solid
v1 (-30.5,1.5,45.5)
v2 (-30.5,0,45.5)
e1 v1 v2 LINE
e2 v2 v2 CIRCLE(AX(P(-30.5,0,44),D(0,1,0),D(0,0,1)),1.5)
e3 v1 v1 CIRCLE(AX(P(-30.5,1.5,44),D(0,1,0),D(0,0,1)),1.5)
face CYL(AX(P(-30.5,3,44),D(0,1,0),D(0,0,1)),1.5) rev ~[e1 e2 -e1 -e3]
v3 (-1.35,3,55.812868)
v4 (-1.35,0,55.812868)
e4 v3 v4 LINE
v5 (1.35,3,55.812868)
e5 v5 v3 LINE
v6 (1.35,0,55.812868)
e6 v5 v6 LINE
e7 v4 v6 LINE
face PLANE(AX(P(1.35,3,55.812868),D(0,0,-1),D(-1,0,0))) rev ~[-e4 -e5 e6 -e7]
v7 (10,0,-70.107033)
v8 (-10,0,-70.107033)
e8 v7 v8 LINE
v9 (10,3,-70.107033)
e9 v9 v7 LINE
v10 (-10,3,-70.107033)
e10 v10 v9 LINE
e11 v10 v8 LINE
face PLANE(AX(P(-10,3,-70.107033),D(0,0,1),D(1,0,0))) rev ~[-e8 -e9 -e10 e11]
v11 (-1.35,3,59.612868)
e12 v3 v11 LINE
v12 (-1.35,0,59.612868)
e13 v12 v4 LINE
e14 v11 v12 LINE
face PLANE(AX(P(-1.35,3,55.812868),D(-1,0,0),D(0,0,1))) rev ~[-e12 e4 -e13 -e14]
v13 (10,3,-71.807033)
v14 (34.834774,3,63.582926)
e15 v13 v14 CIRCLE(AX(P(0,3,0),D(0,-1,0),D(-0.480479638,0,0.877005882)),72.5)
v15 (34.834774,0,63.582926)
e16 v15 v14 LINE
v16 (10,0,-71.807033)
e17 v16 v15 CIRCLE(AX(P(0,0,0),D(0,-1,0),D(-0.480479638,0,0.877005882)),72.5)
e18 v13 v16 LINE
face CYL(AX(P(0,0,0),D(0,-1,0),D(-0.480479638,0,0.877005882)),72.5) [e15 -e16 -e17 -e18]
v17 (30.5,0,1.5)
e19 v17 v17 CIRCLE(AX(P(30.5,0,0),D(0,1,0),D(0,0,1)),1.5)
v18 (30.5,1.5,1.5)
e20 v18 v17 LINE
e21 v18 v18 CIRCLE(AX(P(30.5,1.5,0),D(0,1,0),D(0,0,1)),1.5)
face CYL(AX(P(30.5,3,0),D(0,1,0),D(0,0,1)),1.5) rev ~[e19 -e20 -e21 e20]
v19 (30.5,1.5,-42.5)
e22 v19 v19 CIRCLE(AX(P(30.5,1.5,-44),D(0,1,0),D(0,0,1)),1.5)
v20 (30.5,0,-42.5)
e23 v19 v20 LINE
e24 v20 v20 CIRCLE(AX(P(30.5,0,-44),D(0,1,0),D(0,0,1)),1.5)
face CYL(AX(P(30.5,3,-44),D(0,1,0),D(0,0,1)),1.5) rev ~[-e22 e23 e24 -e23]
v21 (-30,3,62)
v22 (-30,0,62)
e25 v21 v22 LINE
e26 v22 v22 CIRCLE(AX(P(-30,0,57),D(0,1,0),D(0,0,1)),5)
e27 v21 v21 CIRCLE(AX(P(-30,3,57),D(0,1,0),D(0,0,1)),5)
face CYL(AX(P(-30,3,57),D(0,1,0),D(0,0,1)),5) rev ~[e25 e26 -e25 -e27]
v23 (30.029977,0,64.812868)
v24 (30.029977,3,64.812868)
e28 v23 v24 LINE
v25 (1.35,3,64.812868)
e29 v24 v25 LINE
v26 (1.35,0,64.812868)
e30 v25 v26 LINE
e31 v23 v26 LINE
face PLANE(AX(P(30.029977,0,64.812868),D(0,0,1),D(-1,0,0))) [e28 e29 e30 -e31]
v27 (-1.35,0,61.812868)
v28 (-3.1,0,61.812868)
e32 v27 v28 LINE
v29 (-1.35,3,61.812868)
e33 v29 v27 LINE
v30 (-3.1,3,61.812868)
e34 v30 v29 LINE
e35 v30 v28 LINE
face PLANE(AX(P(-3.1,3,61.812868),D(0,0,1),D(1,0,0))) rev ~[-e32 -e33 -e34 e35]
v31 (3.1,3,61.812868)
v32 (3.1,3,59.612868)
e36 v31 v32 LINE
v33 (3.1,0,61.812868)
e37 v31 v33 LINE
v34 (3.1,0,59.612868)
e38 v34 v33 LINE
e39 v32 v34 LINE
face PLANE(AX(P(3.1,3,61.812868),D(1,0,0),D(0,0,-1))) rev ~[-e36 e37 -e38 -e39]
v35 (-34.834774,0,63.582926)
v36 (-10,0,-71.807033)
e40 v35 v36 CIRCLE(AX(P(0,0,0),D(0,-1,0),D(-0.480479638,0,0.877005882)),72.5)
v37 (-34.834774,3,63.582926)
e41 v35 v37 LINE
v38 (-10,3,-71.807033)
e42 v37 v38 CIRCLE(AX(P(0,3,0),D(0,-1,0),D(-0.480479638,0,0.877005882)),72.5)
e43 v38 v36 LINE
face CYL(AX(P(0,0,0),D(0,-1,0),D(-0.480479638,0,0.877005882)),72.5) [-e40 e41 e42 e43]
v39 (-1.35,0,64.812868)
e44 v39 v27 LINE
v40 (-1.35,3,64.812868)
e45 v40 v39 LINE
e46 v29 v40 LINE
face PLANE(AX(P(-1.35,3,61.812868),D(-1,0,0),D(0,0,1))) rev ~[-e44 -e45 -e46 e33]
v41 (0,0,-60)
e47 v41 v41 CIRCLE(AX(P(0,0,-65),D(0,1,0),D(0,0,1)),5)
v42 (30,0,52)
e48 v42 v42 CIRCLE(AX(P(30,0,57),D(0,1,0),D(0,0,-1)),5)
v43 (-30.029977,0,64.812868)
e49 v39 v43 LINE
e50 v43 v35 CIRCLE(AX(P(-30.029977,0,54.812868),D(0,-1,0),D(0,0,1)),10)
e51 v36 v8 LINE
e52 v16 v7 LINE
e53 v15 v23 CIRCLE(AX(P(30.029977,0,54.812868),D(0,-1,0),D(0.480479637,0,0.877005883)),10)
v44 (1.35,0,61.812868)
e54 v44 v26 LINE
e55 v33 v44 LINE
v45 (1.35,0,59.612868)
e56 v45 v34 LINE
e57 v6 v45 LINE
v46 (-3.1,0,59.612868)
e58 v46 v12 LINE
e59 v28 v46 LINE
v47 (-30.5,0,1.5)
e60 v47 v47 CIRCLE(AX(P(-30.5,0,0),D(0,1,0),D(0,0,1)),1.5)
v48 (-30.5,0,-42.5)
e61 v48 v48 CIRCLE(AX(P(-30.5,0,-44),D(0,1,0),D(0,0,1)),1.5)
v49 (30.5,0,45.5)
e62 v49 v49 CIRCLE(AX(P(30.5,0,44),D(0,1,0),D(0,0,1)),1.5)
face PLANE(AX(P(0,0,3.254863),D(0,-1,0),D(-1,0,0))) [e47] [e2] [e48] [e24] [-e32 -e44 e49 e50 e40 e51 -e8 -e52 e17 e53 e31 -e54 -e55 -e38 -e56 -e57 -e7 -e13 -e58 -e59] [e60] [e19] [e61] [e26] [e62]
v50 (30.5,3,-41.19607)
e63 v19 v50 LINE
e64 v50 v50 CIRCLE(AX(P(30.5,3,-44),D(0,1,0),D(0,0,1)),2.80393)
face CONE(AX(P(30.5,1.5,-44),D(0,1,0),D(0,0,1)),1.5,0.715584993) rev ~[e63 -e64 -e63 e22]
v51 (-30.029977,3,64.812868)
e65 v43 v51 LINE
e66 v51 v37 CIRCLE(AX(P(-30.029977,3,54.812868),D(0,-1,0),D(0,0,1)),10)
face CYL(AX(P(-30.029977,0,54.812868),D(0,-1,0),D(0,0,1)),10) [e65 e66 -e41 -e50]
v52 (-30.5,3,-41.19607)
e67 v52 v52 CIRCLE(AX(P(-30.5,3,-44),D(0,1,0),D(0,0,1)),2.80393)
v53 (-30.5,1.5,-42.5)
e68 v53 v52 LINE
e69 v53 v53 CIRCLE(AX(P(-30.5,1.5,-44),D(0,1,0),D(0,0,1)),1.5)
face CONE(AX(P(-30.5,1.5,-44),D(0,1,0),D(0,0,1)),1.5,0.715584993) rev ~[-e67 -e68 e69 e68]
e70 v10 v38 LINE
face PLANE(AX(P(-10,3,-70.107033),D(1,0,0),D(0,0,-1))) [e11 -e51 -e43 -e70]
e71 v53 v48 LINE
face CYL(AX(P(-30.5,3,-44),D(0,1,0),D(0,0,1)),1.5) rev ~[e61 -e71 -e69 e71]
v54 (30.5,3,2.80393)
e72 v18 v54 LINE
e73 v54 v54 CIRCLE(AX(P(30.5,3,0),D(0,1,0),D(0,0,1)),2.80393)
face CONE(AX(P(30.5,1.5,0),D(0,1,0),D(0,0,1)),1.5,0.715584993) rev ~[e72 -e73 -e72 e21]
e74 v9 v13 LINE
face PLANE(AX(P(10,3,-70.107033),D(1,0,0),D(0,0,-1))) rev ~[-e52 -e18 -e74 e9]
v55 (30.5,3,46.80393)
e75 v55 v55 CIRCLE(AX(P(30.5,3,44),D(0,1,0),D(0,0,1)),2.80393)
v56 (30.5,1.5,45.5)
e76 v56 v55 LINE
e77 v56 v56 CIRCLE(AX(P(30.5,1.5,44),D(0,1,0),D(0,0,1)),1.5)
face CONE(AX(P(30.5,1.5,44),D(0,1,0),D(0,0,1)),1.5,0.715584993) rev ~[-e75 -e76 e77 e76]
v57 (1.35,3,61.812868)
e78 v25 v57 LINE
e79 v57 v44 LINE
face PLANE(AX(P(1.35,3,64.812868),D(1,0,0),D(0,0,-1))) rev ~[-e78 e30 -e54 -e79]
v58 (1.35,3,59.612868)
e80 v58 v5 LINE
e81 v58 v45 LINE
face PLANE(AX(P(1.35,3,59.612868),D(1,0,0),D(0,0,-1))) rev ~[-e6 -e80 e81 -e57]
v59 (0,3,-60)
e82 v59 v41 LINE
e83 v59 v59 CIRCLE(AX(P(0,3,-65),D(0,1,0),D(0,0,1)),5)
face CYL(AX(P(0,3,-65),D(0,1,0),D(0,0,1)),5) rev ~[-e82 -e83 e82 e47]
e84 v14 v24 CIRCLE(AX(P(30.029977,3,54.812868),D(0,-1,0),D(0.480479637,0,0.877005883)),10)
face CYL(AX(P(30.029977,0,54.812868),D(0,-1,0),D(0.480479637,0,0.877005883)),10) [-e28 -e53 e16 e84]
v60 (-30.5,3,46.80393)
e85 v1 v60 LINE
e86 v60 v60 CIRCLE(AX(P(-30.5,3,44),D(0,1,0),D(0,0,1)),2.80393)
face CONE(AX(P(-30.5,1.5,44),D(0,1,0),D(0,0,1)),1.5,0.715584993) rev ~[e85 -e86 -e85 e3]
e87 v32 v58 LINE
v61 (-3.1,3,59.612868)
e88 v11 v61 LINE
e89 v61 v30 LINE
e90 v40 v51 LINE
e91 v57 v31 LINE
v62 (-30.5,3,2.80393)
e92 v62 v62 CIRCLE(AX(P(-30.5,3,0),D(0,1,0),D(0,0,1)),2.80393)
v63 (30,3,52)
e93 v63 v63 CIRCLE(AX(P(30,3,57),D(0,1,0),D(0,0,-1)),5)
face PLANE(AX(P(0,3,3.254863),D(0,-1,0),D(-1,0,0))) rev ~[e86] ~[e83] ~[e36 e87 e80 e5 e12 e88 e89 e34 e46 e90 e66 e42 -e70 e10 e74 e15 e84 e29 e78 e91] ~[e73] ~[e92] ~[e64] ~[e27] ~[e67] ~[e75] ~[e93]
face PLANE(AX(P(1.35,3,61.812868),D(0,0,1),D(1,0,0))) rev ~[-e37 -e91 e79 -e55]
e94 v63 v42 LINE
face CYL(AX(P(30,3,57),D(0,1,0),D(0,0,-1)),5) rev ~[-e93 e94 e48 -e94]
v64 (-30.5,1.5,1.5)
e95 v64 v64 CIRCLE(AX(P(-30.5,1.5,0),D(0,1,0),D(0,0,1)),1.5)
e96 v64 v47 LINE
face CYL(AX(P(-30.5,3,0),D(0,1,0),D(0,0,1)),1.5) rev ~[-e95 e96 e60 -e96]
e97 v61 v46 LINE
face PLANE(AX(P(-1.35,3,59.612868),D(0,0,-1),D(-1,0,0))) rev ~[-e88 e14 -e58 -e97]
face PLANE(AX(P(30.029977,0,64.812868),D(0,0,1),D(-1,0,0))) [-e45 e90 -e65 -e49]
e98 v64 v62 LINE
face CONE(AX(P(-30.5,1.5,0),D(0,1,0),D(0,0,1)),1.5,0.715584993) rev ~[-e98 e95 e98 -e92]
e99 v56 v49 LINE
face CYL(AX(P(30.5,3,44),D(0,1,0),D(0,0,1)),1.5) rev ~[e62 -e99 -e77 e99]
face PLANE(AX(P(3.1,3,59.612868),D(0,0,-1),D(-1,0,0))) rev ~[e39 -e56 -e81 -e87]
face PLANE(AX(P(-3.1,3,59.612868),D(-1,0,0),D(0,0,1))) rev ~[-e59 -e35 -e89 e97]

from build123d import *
from OCP.BRepFilletAPI import BRepFilletAPI_MakeChamfer

# Parameters (mm, degrees)
BOSS_EXTRUDE1_DEPTH = 3
SKETCH2_R           = 1.5
CUT_EXTRUDE1_DEPTH  = 103.574363269
CHAMFER1_SIZE       = 1.5
CHAMFER1_SIZE2      = 1.303930107
CUT_EXTRUDE2_DEPTH  = 103.574363269
SKETCH4_W           = 20
SKETCH4_H           = 1.7
CUT_EXTRUDE3_DEPTH  = 103.574363269
SKETCH5_R           = 5
CUT_EXTRUDE4_DEPTH  = 103.085748271


with BuildPart() as part:
    # Sketch1 → Boss-Extrude1 (new body)
    with BuildSketch(Plane(origin=(0, 0, 0), x_dir=(1, 0, 0), z_dir=(0, 1, 0))):
        with BuildLine():
            Line((30.029977361, -64.812867647), (-30.029977361, -64.812867647))
            ThreePointArc((-30.029977361, -64.812867647), (-32.509837414, -64.500503794), (-34.834773739, -63.582926471))
            ThreePointArc((-34.834773739, -63.582926471), (0, 72.5), (34.834773739, -63.582926471))
            ThreePointArc((34.834773739, -63.582926471), (32.509837414, -64.500503794), (30.029977361, -64.812867647))
        make_face()
    extrude(amount=BOSS_EXTRUDE1_DEPTH)

    # Sketch2 → Cut-Extrude1 (cut, through all)
    with BuildSketch(Plane(origin=(0, 3, 0), x_dir=(1, 0, 0), z_dir=(0, 1, 0))):
        with Locations(Location((-30.5, 44, 0), (0, 0, 270))):
            Circle(SKETCH2_R)
        with Locations(Location((30.5, 44, 0), (0, 0, 270))):
            Circle(SKETCH2_R)
        with Locations(Location((30.5, 0, 0), (0, 0, 270))):
            Circle(SKETCH2_R)
        with Locations(Location((30.5, -44, 0), (0, 0, 270))):
            Circle(SKETCH2_R)
        with Locations(Location((-30.5, -44, 0), (0, 0, 270))):
            Circle(SKETCH2_R)
        with Locations(Location((-30.5, 0, 0), (0, 0, 270))):
            Circle(SKETCH2_R)
    extrude(amount=-CUT_EXTRUDE1_DEPTH, mode=Mode.SUBTRACT)

    # Chamfer1: one chamfer whose edges measure the first distance from different faces: ONE call of the kernel's chamfer builder (chamfer() names one face for all edges)
    chamfer1_edges_1 = [part.edges().sort_by_distance(p)[0] for p in [
        (-30.5, 3, -45.5),
    ]]
    chamfer1_side_1 = [part.faces().sort_by_distance(p)[0] for p in [
        (-30.5, 1.5, -45.5),
    ]]
    chamfer1_edges_2 = [part.edges().sort_by_distance(p)[0] for p in [
        (-30.5, 3, -1.5),
    ]]
    chamfer1_side_2 = [part.faces().sort_by_distance(p)[0] for p in [
        (-30.5, 1.5, -1.5),
    ]]
    chamfer1_edges_3 = [part.edges().sort_by_distance(p)[0] for p in [
        (-30.5, 3, 42.5),
    ]]
    chamfer1_side_3 = [part.faces().sort_by_distance(p)[0] for p in [
        (-30.5, 1.5, 42.5),
    ]]
    chamfer1_edges_4 = [part.edges().sort_by_distance(p)[0] for p in [
        (30.5, 3, 42.5),
    ]]
    chamfer1_side_4 = [part.faces().sort_by_distance(p)[0] for p in [
        (30.5, 1.5, 42.5),
    ]]
    chamfer1_edges_5 = [part.edges().sort_by_distance(p)[0] for p in [
        (30.5, 3, -1.5),
    ]]
    chamfer1_side_5 = [part.faces().sort_by_distance(p)[0] for p in [
        (30.5, 1.5, -1.5),
    ]]
    chamfer1_edges_6 = [part.edges().sort_by_distance(p)[0] for p in [
        (30.5, 3, -45.5),
    ]]
    chamfer1_side_6 = [part.faces().sort_by_distance(p)[0] for p in [
        (30.5, 1.5, -45.5),
    ]]
    chamfer1 = BRepFilletAPI_MakeChamfer(part.part.solid().wrapped)
    for e in chamfer1_edges_1:
        chamfer1.Add(CHAMFER1_SIZE, CHAMFER1_SIZE2, e.wrapped, chamfer1_side_1[0].wrapped)  # the first distance lies on this face
    for e in chamfer1_edges_2:
        chamfer1.Add(CHAMFER1_SIZE, CHAMFER1_SIZE2, e.wrapped, chamfer1_side_2[0].wrapped)  # the first distance lies on this face
    for e in chamfer1_edges_3:
        chamfer1.Add(CHAMFER1_SIZE, CHAMFER1_SIZE2, e.wrapped, chamfer1_side_3[0].wrapped)  # the first distance lies on this face
    for e in chamfer1_edges_4:
        chamfer1.Add(CHAMFER1_SIZE, CHAMFER1_SIZE2, e.wrapped, chamfer1_side_4[0].wrapped)  # the first distance lies on this face
    for e in chamfer1_edges_5:
        chamfer1.Add(CHAMFER1_SIZE, CHAMFER1_SIZE2, e.wrapped, chamfer1_side_5[0].wrapped)  # the first distance lies on this face
    for e in chamfer1_edges_6:
        chamfer1.Add(CHAMFER1_SIZE, CHAMFER1_SIZE2, e.wrapped, chamfer1_side_6[0].wrapped)  # the first distance lies on this face
    add(Compound.cast(chamfer1.Shape()), mode=Mode.REPLACE)

    # Sketch3 → Cut-Extrude2 (cut, through all)
    with BuildSketch(Plane(origin=(0, 3, 0), x_dir=(1, 0, 0), z_dir=(0, 1, 0))):
        Polygon((1.35, -61.812867647), (3.1, -61.812867647), (3.1, -59.612867647), (1.35, -59.612867647), (1.35, -55.812867647), (-1.35, -55.812867647), (-1.35, -59.612867647), (-3.1, -59.612867647), (-3.1, -61.812867647), (-1.35, -61.812867647), (-1.35, -64.812867647), (1.35, -64.812867647), align=None)
    extrude(amount=-CUT_EXTRUDE2_DEPTH, mode=Mode.SUBTRACT)

    # Sketch4 → Cut-Extrude3 (cut, through all)
    with BuildSketch(Plane(origin=(0, 3, 0), x_dir=(1, 0, 0), z_dir=(0, 1, 0))):
        with Locations((0, 70.957033082)):
            Rectangle(SKETCH4_W, SKETCH4_H)
    extrude(amount=-CUT_EXTRUDE3_DEPTH, mode=Mode.SUBTRACT)


with BuildPart() as body_2:
    # of the pieces the cut leaves, the one that is kept (cut_extrude3_keep)
    add(part.part.solids().sort_by_distance((-30.029977361, 3, 64.812867647))[0])

    # Sketch5 → Cut-Extrude4 (cut, through all)
    with BuildSketch(Plane(origin=(0, 3, 0), x_dir=(1, 0, 0), z_dir=(0, 1, 0))):
        with Locations(Location((0, 65, 0), (0, 0, 270))):
            Circle(SKETCH5_R)
        with Locations(Location((30, -57, 0), (0, 0, 90))):
            Circle(SKETCH5_R)
        with Locations(Location((-30, -57, 0), (0, 0, 270))):
            Circle(SKETCH5_R)
    extrude(amount=-CUT_EXTRUDE4_DEPTH, mode=Mode.SUBTRACT)


solid = body_2.part
